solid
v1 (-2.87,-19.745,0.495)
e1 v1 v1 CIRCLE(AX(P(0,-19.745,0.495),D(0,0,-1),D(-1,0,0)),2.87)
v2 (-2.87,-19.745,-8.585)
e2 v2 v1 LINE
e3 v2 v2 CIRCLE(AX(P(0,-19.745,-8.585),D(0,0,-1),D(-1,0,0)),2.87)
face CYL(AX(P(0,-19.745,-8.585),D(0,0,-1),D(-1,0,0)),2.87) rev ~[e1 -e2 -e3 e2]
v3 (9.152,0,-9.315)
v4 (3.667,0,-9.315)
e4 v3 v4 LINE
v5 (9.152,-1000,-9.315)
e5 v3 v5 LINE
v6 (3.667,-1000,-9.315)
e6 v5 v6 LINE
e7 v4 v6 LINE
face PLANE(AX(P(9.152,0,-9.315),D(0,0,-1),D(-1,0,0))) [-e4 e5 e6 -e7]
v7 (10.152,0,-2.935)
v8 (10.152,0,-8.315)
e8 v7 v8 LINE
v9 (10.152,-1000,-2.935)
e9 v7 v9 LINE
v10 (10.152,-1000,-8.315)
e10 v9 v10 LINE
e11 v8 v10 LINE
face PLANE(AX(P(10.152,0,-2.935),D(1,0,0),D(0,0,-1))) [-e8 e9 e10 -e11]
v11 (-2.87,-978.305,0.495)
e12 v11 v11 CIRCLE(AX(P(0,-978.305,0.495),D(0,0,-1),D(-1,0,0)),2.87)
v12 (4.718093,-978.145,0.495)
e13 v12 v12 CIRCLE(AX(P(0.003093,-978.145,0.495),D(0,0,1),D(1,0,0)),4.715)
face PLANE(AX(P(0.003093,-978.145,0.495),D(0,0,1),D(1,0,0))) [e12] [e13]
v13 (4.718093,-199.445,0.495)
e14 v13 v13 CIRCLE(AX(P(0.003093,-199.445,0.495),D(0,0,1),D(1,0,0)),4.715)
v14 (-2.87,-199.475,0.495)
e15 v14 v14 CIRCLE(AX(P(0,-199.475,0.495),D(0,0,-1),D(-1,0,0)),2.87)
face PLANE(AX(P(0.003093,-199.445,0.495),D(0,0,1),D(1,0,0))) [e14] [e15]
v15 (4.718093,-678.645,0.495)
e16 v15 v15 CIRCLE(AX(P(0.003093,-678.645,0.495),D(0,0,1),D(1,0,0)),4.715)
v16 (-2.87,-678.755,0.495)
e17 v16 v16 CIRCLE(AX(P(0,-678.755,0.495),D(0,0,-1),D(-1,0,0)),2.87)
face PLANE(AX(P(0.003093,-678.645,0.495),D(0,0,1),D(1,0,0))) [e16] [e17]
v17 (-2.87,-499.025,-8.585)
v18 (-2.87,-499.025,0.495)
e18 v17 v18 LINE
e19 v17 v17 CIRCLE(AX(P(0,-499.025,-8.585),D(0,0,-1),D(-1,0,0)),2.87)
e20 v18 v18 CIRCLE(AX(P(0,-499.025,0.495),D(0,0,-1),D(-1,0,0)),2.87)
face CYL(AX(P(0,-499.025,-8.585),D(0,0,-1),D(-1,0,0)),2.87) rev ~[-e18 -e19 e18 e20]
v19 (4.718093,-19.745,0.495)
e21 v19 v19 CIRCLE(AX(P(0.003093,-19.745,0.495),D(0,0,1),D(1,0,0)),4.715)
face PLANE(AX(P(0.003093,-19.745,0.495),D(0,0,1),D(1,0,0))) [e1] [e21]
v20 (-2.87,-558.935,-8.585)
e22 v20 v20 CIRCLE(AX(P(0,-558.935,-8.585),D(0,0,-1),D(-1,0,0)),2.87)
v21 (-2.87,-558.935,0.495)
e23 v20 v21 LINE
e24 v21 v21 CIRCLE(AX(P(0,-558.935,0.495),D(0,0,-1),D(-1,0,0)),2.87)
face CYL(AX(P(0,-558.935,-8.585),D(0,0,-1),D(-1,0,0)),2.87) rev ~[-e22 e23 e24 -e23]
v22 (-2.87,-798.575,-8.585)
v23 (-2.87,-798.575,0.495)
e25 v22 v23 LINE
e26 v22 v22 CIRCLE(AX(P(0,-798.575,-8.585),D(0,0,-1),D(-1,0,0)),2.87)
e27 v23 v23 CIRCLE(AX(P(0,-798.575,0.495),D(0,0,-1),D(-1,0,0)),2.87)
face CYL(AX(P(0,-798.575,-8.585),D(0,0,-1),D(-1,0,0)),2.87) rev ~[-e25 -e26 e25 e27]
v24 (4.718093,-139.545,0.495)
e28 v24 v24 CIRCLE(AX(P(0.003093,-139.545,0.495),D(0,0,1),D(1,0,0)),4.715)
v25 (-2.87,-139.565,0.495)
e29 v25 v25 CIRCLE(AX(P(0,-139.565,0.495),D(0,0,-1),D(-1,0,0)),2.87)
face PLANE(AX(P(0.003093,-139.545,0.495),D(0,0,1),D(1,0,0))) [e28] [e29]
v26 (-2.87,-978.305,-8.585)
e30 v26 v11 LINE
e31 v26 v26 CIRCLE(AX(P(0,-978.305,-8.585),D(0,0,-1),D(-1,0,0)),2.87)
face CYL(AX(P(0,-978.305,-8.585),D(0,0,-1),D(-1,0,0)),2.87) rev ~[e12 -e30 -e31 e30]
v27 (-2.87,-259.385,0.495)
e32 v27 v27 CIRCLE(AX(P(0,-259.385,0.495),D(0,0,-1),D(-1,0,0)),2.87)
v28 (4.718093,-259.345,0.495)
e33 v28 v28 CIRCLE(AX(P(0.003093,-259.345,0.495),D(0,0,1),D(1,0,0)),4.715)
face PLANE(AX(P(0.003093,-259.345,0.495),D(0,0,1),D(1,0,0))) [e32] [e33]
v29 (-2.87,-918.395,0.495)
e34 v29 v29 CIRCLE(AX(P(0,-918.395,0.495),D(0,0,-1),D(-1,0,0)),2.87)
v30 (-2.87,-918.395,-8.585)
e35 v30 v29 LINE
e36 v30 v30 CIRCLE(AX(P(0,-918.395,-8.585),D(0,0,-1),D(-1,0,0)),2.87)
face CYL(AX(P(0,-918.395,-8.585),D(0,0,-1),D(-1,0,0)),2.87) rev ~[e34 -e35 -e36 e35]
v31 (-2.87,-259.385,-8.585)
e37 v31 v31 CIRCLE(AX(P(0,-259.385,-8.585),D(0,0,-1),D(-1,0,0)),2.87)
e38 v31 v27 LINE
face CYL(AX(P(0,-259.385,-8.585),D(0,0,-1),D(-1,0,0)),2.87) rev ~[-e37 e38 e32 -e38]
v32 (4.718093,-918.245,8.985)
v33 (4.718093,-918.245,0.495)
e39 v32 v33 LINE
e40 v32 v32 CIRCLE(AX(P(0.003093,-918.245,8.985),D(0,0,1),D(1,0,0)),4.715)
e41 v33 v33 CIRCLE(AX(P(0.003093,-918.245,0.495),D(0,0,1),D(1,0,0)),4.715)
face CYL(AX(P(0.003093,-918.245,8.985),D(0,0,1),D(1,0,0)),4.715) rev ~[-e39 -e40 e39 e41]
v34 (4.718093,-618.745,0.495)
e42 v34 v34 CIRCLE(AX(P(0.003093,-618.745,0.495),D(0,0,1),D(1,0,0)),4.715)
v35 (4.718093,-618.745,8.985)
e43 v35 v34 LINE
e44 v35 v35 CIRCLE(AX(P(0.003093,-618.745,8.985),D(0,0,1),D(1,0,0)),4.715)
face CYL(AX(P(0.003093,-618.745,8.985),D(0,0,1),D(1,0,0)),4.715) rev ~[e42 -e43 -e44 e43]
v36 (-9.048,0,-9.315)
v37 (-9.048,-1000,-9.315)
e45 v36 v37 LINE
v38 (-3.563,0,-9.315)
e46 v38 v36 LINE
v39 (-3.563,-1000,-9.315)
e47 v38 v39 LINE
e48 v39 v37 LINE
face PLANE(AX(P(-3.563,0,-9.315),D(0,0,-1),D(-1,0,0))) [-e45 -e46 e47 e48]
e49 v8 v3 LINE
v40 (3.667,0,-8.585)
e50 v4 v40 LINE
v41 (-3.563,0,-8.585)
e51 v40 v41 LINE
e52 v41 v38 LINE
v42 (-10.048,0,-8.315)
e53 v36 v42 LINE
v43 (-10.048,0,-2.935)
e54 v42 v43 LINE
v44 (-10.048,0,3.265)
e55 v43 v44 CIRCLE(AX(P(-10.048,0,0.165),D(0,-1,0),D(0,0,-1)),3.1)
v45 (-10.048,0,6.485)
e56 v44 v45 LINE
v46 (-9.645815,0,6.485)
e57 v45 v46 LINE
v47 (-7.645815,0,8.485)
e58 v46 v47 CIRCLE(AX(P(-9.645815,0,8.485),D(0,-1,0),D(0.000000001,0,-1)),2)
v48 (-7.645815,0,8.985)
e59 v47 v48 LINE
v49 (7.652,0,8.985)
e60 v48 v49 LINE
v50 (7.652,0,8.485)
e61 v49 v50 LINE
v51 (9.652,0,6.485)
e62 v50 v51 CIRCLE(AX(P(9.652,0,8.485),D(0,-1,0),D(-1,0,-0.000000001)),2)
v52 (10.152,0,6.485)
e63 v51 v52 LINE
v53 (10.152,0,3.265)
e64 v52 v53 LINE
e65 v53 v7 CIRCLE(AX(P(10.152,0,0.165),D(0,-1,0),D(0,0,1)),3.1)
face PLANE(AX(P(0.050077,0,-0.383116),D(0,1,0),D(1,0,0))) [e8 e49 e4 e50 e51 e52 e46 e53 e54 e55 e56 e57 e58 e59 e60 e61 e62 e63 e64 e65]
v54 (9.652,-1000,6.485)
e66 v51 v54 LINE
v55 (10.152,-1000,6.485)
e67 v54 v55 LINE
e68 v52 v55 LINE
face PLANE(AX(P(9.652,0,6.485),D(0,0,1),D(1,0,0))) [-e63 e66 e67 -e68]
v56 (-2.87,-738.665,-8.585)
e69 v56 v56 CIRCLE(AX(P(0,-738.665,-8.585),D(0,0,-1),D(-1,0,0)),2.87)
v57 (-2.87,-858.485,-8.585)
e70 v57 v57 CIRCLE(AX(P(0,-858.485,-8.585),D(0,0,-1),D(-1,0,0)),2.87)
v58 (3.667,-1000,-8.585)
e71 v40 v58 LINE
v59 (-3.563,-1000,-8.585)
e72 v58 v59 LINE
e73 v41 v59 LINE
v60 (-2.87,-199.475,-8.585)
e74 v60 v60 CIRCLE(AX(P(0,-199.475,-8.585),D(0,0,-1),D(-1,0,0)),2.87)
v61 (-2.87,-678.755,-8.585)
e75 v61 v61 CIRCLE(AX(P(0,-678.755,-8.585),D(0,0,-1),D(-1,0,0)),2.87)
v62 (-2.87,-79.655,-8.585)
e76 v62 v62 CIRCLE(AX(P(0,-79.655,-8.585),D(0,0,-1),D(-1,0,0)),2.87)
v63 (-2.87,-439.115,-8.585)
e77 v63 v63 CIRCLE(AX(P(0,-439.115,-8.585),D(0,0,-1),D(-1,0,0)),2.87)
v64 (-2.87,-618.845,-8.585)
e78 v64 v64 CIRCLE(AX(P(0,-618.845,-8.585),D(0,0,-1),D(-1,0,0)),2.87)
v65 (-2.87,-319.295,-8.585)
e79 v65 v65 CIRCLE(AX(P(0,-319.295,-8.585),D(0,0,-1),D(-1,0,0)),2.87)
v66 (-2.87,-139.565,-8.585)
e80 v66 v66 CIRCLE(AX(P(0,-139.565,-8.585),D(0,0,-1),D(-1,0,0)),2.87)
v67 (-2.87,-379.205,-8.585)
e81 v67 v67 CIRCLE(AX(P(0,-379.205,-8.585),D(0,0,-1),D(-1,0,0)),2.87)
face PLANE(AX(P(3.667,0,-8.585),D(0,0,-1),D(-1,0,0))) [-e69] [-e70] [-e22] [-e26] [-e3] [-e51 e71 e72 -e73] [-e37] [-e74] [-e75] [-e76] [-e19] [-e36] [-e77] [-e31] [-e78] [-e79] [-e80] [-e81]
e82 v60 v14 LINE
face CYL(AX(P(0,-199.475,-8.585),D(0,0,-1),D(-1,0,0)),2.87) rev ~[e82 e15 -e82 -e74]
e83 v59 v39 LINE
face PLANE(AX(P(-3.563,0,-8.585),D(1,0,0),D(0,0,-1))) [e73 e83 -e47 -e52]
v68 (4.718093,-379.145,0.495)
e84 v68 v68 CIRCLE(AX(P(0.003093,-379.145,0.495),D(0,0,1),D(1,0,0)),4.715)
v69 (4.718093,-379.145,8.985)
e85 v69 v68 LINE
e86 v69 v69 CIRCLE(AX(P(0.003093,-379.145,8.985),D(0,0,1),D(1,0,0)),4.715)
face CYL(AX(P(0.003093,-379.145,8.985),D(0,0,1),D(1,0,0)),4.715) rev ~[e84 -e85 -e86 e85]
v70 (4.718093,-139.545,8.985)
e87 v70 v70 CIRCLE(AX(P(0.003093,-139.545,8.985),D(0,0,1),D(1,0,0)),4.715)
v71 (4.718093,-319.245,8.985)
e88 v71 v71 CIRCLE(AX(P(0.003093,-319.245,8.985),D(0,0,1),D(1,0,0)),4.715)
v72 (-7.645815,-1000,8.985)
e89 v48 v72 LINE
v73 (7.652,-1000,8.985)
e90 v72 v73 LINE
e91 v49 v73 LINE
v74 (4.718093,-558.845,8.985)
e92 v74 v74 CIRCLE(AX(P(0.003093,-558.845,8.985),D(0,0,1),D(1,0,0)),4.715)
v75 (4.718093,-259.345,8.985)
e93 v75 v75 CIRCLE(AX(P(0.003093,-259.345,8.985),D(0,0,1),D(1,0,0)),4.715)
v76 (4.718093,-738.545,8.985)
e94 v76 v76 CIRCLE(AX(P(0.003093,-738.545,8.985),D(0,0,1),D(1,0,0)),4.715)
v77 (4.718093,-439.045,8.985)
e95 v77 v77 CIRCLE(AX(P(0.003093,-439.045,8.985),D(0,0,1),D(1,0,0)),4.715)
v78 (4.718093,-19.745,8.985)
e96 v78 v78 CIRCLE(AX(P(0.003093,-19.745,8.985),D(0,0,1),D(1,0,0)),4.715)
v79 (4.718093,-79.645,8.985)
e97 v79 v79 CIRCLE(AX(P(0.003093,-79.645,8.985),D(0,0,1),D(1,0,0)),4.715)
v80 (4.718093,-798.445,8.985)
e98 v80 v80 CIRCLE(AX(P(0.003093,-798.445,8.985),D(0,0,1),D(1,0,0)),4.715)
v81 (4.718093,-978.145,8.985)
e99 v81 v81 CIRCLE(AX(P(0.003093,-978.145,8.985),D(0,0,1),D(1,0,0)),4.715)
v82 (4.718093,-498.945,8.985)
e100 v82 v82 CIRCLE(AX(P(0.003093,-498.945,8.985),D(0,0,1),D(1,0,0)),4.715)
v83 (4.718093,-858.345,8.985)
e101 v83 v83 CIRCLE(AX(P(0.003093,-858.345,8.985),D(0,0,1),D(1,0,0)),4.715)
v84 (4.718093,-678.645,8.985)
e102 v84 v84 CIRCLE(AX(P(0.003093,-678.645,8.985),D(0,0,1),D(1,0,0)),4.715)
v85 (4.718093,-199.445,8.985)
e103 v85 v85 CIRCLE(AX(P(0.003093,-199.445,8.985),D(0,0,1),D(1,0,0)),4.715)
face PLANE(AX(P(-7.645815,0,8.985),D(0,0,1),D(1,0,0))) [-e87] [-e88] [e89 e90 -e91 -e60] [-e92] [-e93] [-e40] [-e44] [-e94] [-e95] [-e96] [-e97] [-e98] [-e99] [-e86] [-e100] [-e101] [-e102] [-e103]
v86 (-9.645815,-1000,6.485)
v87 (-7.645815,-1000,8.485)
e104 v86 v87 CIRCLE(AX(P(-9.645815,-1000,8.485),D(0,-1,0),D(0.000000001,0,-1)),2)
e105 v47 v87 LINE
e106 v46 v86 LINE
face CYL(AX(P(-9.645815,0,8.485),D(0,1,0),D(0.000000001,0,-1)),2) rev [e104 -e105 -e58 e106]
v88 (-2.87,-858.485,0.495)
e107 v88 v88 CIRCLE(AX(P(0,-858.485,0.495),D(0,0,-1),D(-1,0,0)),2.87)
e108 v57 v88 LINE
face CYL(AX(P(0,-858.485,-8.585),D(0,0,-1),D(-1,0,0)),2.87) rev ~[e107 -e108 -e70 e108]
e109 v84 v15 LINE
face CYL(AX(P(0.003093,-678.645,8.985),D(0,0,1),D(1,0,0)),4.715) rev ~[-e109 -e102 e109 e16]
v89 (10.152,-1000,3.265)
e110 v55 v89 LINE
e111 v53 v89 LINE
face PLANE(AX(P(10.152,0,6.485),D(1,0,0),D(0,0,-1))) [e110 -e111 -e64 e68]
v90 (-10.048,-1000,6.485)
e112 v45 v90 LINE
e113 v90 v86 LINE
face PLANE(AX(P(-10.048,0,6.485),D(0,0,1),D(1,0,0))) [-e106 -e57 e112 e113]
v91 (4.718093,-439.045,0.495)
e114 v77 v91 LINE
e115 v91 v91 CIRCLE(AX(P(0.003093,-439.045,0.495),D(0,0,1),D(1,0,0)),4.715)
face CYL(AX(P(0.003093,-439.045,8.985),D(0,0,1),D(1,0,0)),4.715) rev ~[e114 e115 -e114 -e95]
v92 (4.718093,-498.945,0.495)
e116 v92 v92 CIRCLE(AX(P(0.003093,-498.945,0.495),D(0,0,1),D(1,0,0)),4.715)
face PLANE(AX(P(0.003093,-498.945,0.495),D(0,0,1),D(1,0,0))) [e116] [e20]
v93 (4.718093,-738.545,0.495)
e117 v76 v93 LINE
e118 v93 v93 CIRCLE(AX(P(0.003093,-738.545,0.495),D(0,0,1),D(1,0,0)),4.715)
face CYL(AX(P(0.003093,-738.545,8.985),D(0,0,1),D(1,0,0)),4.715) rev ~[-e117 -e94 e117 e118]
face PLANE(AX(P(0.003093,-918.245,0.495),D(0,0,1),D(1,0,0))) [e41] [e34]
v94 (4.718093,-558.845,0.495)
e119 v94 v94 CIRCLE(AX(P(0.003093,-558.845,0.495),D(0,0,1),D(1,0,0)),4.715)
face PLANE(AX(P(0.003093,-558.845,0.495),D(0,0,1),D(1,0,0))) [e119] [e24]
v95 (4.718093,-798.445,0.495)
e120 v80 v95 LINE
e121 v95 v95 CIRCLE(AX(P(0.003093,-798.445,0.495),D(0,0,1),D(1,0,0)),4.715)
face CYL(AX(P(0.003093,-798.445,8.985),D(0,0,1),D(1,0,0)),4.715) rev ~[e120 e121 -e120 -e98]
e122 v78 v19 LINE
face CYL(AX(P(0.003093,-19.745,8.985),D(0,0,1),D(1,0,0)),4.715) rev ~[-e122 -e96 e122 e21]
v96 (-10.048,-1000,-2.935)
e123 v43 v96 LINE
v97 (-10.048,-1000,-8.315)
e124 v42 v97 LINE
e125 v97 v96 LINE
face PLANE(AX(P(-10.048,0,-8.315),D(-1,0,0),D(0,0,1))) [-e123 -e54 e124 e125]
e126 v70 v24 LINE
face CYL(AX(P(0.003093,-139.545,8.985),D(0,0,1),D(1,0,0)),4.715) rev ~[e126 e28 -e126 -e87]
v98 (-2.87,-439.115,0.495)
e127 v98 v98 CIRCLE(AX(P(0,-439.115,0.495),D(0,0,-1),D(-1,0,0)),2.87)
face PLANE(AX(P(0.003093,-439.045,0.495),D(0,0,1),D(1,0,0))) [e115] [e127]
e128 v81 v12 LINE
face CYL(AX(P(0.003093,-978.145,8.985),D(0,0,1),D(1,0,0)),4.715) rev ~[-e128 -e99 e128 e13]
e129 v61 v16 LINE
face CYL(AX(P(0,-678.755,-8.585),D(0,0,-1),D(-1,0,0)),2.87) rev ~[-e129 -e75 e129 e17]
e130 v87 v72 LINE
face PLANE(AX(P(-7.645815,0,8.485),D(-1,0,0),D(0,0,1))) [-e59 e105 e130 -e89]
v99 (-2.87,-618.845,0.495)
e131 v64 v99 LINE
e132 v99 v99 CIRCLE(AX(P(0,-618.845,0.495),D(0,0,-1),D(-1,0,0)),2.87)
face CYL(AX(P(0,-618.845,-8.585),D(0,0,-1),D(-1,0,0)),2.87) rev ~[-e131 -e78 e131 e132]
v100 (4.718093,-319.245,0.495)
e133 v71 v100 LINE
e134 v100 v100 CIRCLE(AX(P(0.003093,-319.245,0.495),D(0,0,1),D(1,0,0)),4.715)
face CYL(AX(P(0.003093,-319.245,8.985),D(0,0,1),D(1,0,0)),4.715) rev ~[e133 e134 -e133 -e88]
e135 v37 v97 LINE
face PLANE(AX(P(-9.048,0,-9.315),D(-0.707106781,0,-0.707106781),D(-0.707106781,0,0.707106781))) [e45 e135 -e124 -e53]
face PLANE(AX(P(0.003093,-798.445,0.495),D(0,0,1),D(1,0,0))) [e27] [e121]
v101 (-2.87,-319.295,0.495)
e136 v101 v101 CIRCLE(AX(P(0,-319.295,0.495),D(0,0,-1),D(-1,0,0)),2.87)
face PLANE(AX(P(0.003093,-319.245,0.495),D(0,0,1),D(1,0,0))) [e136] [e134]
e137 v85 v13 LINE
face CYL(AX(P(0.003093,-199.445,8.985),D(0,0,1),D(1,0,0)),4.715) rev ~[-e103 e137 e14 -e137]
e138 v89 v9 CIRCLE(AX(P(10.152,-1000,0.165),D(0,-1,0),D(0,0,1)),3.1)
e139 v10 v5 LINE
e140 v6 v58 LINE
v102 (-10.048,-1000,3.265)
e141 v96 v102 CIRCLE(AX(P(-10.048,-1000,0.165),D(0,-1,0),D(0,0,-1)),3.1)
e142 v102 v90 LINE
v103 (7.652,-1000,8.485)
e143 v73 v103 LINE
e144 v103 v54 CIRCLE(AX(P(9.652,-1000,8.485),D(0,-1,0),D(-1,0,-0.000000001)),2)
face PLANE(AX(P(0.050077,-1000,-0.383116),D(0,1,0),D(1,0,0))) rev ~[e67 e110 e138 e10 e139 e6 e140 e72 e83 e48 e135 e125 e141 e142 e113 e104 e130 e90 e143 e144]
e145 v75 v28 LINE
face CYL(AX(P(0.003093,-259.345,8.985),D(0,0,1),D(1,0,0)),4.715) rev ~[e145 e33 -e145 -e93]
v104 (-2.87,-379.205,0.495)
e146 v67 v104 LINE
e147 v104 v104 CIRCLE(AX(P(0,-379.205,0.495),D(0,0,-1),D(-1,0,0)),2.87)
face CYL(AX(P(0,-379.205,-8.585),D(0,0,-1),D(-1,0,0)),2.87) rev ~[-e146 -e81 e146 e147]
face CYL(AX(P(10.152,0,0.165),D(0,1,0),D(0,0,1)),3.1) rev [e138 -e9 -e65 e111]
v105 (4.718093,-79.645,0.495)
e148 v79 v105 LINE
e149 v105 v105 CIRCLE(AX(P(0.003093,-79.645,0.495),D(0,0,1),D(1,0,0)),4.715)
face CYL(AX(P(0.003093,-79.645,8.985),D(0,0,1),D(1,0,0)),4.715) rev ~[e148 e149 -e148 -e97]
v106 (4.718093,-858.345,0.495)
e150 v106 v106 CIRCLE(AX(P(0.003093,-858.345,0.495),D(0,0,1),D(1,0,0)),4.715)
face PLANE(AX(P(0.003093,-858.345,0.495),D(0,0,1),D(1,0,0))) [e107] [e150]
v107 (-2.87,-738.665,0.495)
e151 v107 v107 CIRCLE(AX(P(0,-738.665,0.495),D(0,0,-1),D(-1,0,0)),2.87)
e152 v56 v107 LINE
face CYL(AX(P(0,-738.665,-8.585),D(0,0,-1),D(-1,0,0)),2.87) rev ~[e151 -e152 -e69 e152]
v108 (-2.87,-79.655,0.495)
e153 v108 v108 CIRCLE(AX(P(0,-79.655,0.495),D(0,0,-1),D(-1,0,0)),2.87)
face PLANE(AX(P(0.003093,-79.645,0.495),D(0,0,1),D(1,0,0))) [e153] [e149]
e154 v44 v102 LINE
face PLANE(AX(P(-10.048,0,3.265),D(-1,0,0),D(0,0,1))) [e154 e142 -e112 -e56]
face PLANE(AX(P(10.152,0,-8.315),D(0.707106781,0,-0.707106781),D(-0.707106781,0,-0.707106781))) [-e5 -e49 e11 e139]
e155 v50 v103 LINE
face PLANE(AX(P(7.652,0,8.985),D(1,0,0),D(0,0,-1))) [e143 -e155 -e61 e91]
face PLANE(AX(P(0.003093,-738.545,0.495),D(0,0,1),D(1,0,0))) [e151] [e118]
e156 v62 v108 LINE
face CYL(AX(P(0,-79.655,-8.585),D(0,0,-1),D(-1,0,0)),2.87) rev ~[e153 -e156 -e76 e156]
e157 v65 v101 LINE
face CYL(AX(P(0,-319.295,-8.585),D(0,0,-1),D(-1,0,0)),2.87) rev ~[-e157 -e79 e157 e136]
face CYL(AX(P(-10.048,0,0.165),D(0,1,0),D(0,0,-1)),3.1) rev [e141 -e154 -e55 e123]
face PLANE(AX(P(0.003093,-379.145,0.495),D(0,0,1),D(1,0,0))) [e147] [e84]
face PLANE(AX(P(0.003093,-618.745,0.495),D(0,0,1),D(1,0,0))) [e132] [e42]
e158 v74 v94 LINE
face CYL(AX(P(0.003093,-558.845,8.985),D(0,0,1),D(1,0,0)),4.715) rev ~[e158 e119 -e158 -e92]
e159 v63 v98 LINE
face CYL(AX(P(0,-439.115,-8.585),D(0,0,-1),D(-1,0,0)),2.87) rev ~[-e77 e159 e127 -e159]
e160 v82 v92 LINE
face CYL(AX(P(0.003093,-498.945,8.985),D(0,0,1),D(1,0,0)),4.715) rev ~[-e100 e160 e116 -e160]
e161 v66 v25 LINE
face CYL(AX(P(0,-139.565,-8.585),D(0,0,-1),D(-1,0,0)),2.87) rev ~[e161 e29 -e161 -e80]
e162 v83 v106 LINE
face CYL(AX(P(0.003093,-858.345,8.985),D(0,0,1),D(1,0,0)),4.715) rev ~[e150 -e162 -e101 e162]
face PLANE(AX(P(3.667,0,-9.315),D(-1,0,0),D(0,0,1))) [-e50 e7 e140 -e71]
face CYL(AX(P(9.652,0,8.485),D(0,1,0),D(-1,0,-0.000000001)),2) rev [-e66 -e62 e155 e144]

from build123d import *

# Parameters (mm, degrees)
RESSALTO_EXTRUS_O1_DEPTH = 1000
ESBO_O2_R                = 2.87
CORTE_EXTRUS_O1_DEPTH    = 17.57
ESBO_O3_R                = 4.715
CORTE_EXTRUS_O2_DEPTH    = 8.49


with BuildPart() as part:
    # Esboço1 → Ressalto-extrusão1 (new body)
    with BuildSketch(Plane(origin=(0, 0, 0), x_dir=(1, 0, 0), z_dir=(0, 1, 0))):
        with BuildLine():
            Line((-10.048, -3.265), (-10.048, -6.485))
            Line((-10.048, -6.485), (-9.645814792, -6.485))
            ThreePointArc((-9.645814792, -6.485), (-8.23160123, -7.070786438), (-7.645814792, -8.485))
            Line((-7.645814792, -8.485), (-7.645814792, -8.985))
            Line((-7.645814792, -8.985), (7.652, -8.985))
            Line((7.652, -8.985), (7.652, -8.485))
            ThreePointArc((7.652, -8.485), (8.237786438, -7.070786438), (9.652, -6.485))
            Line((9.652, -6.485), (10.152, -6.485))
            Line((10.152, -6.485), (10.152, -3.265))
            ThreePointArc((10.152, -3.265), (7.052, -0.165), (10.152, 2.935))
            Line((10.152, 2.935), (10.152, 8.315))
            Line((10.152, 8.315), (9.152, 9.315))
            Line((9.152, 9.315), (3.667, 9.315))
            Line((3.667, 9.315), (3.667, 8.585))
            Line((3.667, 8.585), (-3.563, 8.585))
            Line((-3.563, 8.585), (-3.563, 9.315))
            Line((-3.563, 9.315), (-9.048, 9.315))
            Line((-9.048, 9.315), (-10.048, 8.315))
            Line((-10.048, 8.315), (-10.048, 2.935))
            ThreePointArc((-10.048, 2.935), (-6.948, -0.165), (-10.048, -3.265))
        make_face()
    extrude(amount=-RESSALTO_EXTRUS_O1_DEPTH)

    # Esboço2 → Corte-extrusão1 (cut)
    with BuildSketch(Plane(origin=(0, 0, -8.585), x_dir=(-1, 0, 0), z_dir=(0, 0, -1))):
        with Locations((0, -19.745)):
            Circle(ESBO_O2_R)
        with Locations((0, -79.655)):
            Circle(ESBO_O2_R)
        with Locations((0, -139.565)):
            Circle(ESBO_O2_R)
        with Locations((0, -199.475)):
            Circle(ESBO_O2_R)
        with Locations((0, -259.385)):
            Circle(ESBO_O2_R)
        with Locations((0, -319.295)):
            Circle(ESBO_O2_R)
        with Locations((0, -379.205)):
            Circle(ESBO_O2_R)
        with Locations((0, -439.115)):
            Circle(ESBO_O2_R)
        with Locations((0, -499.025)):
            Circle(ESBO_O2_R)
        with Locations((0, -558.935)):
            Circle(ESBO_O2_R)
        with Locations((0, -618.845)):
            Circle(ESBO_O2_R)
        with Locations((0, -678.755)):
            Circle(ESBO_O2_R)
        with Locations((0, -738.665)):
            Circle(ESBO_O2_R)
        with Locations((0, -798.575)):
            Circle(ESBO_O2_R)
        with Locations((0, -858.485)):
            Circle(ESBO_O2_R)
        with Locations((0, -918.395)):
            Circle(ESBO_O2_R)
        with Locations((0, -978.305)):
            Circle(ESBO_O2_R)
    extrude(amount=-CORTE_EXTRUS_O1_DEPTH, mode=Mode.SUBTRACT)

    # Esboço3 → Corte-extrusão2 (cut)
    with BuildSketch(Plane.XY.offset(8.985)):
        with Locations((0.003092604, -19.745)):
            Circle(ESBO_O3_R)
        with Locations((0.003092604, -79.645)):
            Circle(ESBO_O3_R)
        with Locations((0.003092604, -139.545)):
            Circle(ESBO_O3_R)
        with Locations((0.003092604, -199.445)):
            Circle(ESBO_O3_R)
        with Locations((0.003092604, -259.345)):
            Circle(ESBO_O3_R)
        with Locations((0.003092604, -319.245)):
            Circle(ESBO_O3_R)
        with Locations((0.003092604, -379.145)):
            Circle(ESBO_O3_R)
        with Locations((0.003092604, -439.045)):
            Circle(ESBO_O3_R)
        with Locations((0.003092604, -498.945)):
            Circle(ESBO_O3_R)
        with Locations((0.003092604, -558.845)):
            Circle(ESBO_O3_R)
        with Locations((0.003092604, -618.745)):
            Circle(ESBO_O3_R)
        with Locations((0.003092604, -678.645)):
            Circle(ESBO_O3_R)
        with Locations((0.003092604, -738.545)):
            Circle(ESBO_O3_R)
        with Locations((0.003092604, -798.445)):
            Circle(ESBO_O3_R)
        with Locations((0.003092604, -858.345)):
            Circle(ESBO_O3_R)
        with Locations((0.003092604, -918.245)):
            Circle(ESBO_O3_R)
        with Locations((0.003092604, -978.145)):
            Circle(ESBO_O3_R)
    extrude(amount=-CORTE_EXTRUS_O2_DEPTH, mode=Mode.SUBTRACT)


solid = part.part
